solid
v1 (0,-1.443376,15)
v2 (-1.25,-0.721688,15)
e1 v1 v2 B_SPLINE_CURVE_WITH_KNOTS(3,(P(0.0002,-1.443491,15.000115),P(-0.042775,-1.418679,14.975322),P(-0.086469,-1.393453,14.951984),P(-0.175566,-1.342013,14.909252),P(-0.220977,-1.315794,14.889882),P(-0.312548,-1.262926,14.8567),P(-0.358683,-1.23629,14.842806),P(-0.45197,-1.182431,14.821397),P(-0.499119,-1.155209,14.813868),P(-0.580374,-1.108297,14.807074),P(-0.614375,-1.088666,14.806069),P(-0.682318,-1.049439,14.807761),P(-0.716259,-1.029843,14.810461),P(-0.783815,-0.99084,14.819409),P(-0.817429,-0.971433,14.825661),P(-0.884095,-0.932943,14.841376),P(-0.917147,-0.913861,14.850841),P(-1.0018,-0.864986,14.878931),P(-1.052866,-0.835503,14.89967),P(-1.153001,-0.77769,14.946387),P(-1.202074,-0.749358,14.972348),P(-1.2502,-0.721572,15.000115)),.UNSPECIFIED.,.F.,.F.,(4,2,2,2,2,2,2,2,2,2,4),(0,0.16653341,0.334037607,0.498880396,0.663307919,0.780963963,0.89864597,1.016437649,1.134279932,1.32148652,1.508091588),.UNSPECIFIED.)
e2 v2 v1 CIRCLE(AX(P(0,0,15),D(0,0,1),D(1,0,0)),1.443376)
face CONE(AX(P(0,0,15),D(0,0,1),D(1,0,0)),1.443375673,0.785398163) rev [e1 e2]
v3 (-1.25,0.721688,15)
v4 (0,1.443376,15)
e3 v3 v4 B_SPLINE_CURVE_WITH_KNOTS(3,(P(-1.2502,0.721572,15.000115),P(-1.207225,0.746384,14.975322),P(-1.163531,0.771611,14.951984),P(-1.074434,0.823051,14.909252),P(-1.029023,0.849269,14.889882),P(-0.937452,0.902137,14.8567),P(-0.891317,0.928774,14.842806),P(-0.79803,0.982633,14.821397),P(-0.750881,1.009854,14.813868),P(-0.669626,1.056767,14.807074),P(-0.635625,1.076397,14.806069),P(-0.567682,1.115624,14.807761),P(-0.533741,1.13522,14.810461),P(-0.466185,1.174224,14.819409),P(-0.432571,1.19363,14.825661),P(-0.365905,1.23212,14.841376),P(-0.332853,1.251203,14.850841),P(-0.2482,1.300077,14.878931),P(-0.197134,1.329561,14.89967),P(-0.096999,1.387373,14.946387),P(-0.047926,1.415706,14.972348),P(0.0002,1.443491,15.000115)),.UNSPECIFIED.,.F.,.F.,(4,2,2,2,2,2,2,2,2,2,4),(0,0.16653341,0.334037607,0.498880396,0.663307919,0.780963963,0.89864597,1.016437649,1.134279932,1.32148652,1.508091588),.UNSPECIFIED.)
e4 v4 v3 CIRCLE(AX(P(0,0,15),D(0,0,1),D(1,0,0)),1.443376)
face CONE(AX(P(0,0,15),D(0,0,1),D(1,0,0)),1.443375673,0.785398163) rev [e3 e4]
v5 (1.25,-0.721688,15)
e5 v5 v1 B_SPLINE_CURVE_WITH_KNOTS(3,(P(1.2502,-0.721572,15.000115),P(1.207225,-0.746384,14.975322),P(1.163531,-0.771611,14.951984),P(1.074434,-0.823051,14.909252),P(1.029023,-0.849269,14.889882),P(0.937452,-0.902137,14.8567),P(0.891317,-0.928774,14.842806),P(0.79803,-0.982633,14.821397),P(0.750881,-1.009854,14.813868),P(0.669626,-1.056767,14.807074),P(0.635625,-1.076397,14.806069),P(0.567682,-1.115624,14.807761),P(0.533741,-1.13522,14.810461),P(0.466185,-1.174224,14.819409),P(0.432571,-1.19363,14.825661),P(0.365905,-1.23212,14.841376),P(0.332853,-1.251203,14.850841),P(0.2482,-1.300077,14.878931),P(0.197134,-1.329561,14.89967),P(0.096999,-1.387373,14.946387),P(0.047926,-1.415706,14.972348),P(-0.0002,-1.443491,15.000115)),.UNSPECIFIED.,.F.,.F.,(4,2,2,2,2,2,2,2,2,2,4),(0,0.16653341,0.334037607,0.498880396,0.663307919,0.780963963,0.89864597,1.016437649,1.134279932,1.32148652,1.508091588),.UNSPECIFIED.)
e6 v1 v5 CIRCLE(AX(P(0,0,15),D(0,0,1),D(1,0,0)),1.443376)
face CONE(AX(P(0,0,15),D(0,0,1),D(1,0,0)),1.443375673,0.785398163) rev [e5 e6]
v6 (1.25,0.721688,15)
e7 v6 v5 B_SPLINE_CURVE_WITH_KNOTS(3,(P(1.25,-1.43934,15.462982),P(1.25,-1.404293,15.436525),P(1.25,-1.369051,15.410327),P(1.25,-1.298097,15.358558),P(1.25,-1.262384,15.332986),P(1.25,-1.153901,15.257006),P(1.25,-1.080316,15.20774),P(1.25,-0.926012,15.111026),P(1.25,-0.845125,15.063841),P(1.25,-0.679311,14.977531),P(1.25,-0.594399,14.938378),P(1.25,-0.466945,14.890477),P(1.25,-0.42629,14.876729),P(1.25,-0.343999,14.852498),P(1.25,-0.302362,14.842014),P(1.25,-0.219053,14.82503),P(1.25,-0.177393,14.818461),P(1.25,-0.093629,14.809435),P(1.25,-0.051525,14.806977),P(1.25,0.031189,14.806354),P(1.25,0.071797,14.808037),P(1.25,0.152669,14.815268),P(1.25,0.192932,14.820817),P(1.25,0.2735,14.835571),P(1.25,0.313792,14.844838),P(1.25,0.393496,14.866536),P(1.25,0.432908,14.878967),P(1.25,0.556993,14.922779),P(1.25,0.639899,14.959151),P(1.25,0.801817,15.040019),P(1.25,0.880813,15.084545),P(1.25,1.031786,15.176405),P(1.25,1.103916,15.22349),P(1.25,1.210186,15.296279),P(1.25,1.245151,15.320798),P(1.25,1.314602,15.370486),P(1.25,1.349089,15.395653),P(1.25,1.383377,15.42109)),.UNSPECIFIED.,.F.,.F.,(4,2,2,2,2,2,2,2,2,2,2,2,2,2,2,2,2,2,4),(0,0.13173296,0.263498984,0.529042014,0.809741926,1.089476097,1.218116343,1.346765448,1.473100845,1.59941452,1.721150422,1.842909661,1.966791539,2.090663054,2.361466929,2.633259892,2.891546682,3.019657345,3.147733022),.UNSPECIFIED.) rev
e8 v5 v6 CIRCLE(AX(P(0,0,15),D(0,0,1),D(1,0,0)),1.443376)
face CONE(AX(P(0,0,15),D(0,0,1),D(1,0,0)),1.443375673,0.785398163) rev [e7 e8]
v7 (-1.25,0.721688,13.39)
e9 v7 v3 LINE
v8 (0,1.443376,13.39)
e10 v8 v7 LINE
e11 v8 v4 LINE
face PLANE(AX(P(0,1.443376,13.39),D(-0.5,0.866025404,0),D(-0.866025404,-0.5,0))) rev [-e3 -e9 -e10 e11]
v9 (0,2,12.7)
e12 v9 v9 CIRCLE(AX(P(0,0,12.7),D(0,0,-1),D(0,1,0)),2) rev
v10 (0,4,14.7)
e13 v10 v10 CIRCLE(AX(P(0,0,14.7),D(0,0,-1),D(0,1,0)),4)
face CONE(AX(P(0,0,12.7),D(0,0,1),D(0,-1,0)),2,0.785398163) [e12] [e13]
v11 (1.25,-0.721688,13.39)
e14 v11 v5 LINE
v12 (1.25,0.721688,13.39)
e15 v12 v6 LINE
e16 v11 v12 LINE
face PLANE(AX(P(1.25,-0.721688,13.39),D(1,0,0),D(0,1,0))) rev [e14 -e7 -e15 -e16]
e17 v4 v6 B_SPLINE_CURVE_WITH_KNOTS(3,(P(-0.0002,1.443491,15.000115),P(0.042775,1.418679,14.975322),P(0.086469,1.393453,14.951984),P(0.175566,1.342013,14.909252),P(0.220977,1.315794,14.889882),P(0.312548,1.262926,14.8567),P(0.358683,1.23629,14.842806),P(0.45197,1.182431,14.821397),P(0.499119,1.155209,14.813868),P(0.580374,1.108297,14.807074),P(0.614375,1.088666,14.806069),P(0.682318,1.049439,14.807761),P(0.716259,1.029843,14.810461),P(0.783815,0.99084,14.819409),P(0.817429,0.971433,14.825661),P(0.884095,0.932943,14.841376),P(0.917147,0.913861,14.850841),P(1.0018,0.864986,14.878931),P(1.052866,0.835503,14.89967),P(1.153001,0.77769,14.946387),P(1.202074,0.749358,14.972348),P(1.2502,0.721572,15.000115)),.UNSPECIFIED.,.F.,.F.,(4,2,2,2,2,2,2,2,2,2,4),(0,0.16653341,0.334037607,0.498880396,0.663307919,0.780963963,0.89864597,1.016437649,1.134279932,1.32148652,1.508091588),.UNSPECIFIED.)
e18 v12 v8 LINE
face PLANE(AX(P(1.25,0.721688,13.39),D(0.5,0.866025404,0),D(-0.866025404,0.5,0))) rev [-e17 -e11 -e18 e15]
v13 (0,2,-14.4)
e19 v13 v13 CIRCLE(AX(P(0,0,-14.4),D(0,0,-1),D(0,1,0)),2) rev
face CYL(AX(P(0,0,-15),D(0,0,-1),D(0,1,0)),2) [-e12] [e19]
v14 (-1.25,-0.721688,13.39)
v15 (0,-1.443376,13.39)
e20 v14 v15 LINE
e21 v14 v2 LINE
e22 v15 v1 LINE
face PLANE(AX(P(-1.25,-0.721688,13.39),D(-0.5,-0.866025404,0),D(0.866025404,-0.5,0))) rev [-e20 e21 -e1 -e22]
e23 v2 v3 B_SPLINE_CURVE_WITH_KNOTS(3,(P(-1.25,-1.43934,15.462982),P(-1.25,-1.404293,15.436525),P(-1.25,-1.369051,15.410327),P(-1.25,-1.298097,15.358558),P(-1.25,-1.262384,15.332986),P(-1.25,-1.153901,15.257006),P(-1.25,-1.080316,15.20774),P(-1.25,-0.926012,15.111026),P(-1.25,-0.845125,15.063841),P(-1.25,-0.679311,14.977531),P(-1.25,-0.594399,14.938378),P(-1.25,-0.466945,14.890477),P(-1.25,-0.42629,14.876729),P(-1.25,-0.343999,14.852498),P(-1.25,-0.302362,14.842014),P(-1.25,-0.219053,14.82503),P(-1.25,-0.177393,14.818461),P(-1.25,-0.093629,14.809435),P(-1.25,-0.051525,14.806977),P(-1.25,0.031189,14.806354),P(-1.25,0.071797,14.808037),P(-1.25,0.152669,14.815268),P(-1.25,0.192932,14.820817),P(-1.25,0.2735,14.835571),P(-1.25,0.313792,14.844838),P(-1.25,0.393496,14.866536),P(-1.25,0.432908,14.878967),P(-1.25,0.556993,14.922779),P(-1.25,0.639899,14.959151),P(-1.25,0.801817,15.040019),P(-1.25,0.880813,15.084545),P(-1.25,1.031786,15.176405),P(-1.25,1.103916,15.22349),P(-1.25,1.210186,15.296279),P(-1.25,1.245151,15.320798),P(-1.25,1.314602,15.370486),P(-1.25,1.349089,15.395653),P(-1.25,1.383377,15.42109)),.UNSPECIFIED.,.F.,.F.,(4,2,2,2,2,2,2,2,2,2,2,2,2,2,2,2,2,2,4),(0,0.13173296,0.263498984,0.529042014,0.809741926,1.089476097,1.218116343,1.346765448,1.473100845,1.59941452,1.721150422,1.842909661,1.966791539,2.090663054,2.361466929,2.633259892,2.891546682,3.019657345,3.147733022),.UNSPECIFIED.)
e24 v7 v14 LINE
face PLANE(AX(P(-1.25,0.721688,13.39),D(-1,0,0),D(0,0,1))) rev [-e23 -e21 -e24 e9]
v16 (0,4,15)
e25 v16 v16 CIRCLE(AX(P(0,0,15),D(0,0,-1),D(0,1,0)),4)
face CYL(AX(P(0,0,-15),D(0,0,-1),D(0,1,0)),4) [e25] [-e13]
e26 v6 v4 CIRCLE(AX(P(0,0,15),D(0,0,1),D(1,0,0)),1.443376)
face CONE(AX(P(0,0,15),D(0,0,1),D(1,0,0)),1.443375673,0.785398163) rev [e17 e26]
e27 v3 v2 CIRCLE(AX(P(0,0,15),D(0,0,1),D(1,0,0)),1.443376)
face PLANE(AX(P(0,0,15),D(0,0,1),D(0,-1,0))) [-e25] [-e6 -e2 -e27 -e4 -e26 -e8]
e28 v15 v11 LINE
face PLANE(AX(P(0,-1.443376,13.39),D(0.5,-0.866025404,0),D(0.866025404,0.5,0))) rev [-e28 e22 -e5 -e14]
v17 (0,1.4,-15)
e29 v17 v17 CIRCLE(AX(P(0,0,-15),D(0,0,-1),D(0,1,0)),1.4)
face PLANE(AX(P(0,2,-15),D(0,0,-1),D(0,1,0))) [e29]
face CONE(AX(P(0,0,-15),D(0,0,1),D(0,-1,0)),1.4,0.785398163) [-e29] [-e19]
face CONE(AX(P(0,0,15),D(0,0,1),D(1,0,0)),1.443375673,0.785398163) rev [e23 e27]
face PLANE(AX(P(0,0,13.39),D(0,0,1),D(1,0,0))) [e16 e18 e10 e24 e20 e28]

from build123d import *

# Parameters (mm, degrees)
SKETCH3_W          = 30
SKETCH3_H          = 2
CHAMFER1_SIZE      = 0.6
CUT_EXTRUDE1_DEPTH = 1.61
SKETCH9_R          = 1.443375673
CUT_EXTRUDE2_DEPTH = 1.61
CUT_EXTRUDE2_DRAFT = -45


with BuildPart() as part:
    # Sketch3 → Revolve1 (revolve)
    with BuildSketch(Plane(origin=(0, 0, 0), x_dir=(0, 0, -1), z_dir=(1, 0, 0))):
        with Locations((0, 1)):
            Rectangle(SKETCH3_W, SKETCH3_H)
    revolve(axis=Axis((0, 0, -15), (0, 0, 1)))

    # Chamfer1
    chamfer1_edges = [part.edges().sort_by_distance(p)[0] for p in [
        (0, -2, -15),
    ]]
    chamfer(chamfer1_edges, length=CHAMFER1_SIZE)

    # Sketch6 → Revolve2 (revolve)
    with BuildSketch(Plane(origin=(0, 0, 0), x_dir=(0, 0, -1), z_dir=(1, 0, 0))):
        Polygon((-15, 4), (-14.7, 4), (-12.7, 2), (-12.7, 0), (-15, 0), align=None)
    revolve(axis=Axis((0, 0, -15), (0, 0, 1)))

    # Sketch8 → Cut-Extrude1 (cut)
    with BuildSketch(Plane.XY.offset(15)):
        Polygon((0, 1.443375673), (-1.25, 0.721687836), (-1.25, -0.721687836), (0, -1.443375673), (1.25, -0.721687836), (1.25, 0.721687836), align=None)
    extrude(amount=-CUT_EXTRUDE1_DEPTH, mode=Mode.SUBTRACT)


with BuildPart() as cut_extrude2_tool:
    # Sketch9 → Cut-Extrude2 (with draft: the straight prism first)
    with BuildSketch(Plane.XY.offset(15)):
        Circle(SKETCH9_R)
    extrude(amount=-CUT_EXTRUDE2_DEPTH)
    # Cut-Extrude2: the draft: its side faces are tilted about the plane it starts from
    cut_extrude2_sides = [cut_extrude2_tool.faces().sort_by_distance(p)[0] for p in [
        (-1.443375673, 0, 14.195),
    ]]
    draft(cut_extrude2_sides, Plane.XY.offset(15), CUT_EXTRUDE2_DRAFT)


with BuildPart() as part_1:
    add(part.part)

    # Cut-Extrude2: cut by cut_extrude2_tool
    add(cut_extrude2_tool.part, mode=Mode.SUBTRACT)


solid = part_1.part
